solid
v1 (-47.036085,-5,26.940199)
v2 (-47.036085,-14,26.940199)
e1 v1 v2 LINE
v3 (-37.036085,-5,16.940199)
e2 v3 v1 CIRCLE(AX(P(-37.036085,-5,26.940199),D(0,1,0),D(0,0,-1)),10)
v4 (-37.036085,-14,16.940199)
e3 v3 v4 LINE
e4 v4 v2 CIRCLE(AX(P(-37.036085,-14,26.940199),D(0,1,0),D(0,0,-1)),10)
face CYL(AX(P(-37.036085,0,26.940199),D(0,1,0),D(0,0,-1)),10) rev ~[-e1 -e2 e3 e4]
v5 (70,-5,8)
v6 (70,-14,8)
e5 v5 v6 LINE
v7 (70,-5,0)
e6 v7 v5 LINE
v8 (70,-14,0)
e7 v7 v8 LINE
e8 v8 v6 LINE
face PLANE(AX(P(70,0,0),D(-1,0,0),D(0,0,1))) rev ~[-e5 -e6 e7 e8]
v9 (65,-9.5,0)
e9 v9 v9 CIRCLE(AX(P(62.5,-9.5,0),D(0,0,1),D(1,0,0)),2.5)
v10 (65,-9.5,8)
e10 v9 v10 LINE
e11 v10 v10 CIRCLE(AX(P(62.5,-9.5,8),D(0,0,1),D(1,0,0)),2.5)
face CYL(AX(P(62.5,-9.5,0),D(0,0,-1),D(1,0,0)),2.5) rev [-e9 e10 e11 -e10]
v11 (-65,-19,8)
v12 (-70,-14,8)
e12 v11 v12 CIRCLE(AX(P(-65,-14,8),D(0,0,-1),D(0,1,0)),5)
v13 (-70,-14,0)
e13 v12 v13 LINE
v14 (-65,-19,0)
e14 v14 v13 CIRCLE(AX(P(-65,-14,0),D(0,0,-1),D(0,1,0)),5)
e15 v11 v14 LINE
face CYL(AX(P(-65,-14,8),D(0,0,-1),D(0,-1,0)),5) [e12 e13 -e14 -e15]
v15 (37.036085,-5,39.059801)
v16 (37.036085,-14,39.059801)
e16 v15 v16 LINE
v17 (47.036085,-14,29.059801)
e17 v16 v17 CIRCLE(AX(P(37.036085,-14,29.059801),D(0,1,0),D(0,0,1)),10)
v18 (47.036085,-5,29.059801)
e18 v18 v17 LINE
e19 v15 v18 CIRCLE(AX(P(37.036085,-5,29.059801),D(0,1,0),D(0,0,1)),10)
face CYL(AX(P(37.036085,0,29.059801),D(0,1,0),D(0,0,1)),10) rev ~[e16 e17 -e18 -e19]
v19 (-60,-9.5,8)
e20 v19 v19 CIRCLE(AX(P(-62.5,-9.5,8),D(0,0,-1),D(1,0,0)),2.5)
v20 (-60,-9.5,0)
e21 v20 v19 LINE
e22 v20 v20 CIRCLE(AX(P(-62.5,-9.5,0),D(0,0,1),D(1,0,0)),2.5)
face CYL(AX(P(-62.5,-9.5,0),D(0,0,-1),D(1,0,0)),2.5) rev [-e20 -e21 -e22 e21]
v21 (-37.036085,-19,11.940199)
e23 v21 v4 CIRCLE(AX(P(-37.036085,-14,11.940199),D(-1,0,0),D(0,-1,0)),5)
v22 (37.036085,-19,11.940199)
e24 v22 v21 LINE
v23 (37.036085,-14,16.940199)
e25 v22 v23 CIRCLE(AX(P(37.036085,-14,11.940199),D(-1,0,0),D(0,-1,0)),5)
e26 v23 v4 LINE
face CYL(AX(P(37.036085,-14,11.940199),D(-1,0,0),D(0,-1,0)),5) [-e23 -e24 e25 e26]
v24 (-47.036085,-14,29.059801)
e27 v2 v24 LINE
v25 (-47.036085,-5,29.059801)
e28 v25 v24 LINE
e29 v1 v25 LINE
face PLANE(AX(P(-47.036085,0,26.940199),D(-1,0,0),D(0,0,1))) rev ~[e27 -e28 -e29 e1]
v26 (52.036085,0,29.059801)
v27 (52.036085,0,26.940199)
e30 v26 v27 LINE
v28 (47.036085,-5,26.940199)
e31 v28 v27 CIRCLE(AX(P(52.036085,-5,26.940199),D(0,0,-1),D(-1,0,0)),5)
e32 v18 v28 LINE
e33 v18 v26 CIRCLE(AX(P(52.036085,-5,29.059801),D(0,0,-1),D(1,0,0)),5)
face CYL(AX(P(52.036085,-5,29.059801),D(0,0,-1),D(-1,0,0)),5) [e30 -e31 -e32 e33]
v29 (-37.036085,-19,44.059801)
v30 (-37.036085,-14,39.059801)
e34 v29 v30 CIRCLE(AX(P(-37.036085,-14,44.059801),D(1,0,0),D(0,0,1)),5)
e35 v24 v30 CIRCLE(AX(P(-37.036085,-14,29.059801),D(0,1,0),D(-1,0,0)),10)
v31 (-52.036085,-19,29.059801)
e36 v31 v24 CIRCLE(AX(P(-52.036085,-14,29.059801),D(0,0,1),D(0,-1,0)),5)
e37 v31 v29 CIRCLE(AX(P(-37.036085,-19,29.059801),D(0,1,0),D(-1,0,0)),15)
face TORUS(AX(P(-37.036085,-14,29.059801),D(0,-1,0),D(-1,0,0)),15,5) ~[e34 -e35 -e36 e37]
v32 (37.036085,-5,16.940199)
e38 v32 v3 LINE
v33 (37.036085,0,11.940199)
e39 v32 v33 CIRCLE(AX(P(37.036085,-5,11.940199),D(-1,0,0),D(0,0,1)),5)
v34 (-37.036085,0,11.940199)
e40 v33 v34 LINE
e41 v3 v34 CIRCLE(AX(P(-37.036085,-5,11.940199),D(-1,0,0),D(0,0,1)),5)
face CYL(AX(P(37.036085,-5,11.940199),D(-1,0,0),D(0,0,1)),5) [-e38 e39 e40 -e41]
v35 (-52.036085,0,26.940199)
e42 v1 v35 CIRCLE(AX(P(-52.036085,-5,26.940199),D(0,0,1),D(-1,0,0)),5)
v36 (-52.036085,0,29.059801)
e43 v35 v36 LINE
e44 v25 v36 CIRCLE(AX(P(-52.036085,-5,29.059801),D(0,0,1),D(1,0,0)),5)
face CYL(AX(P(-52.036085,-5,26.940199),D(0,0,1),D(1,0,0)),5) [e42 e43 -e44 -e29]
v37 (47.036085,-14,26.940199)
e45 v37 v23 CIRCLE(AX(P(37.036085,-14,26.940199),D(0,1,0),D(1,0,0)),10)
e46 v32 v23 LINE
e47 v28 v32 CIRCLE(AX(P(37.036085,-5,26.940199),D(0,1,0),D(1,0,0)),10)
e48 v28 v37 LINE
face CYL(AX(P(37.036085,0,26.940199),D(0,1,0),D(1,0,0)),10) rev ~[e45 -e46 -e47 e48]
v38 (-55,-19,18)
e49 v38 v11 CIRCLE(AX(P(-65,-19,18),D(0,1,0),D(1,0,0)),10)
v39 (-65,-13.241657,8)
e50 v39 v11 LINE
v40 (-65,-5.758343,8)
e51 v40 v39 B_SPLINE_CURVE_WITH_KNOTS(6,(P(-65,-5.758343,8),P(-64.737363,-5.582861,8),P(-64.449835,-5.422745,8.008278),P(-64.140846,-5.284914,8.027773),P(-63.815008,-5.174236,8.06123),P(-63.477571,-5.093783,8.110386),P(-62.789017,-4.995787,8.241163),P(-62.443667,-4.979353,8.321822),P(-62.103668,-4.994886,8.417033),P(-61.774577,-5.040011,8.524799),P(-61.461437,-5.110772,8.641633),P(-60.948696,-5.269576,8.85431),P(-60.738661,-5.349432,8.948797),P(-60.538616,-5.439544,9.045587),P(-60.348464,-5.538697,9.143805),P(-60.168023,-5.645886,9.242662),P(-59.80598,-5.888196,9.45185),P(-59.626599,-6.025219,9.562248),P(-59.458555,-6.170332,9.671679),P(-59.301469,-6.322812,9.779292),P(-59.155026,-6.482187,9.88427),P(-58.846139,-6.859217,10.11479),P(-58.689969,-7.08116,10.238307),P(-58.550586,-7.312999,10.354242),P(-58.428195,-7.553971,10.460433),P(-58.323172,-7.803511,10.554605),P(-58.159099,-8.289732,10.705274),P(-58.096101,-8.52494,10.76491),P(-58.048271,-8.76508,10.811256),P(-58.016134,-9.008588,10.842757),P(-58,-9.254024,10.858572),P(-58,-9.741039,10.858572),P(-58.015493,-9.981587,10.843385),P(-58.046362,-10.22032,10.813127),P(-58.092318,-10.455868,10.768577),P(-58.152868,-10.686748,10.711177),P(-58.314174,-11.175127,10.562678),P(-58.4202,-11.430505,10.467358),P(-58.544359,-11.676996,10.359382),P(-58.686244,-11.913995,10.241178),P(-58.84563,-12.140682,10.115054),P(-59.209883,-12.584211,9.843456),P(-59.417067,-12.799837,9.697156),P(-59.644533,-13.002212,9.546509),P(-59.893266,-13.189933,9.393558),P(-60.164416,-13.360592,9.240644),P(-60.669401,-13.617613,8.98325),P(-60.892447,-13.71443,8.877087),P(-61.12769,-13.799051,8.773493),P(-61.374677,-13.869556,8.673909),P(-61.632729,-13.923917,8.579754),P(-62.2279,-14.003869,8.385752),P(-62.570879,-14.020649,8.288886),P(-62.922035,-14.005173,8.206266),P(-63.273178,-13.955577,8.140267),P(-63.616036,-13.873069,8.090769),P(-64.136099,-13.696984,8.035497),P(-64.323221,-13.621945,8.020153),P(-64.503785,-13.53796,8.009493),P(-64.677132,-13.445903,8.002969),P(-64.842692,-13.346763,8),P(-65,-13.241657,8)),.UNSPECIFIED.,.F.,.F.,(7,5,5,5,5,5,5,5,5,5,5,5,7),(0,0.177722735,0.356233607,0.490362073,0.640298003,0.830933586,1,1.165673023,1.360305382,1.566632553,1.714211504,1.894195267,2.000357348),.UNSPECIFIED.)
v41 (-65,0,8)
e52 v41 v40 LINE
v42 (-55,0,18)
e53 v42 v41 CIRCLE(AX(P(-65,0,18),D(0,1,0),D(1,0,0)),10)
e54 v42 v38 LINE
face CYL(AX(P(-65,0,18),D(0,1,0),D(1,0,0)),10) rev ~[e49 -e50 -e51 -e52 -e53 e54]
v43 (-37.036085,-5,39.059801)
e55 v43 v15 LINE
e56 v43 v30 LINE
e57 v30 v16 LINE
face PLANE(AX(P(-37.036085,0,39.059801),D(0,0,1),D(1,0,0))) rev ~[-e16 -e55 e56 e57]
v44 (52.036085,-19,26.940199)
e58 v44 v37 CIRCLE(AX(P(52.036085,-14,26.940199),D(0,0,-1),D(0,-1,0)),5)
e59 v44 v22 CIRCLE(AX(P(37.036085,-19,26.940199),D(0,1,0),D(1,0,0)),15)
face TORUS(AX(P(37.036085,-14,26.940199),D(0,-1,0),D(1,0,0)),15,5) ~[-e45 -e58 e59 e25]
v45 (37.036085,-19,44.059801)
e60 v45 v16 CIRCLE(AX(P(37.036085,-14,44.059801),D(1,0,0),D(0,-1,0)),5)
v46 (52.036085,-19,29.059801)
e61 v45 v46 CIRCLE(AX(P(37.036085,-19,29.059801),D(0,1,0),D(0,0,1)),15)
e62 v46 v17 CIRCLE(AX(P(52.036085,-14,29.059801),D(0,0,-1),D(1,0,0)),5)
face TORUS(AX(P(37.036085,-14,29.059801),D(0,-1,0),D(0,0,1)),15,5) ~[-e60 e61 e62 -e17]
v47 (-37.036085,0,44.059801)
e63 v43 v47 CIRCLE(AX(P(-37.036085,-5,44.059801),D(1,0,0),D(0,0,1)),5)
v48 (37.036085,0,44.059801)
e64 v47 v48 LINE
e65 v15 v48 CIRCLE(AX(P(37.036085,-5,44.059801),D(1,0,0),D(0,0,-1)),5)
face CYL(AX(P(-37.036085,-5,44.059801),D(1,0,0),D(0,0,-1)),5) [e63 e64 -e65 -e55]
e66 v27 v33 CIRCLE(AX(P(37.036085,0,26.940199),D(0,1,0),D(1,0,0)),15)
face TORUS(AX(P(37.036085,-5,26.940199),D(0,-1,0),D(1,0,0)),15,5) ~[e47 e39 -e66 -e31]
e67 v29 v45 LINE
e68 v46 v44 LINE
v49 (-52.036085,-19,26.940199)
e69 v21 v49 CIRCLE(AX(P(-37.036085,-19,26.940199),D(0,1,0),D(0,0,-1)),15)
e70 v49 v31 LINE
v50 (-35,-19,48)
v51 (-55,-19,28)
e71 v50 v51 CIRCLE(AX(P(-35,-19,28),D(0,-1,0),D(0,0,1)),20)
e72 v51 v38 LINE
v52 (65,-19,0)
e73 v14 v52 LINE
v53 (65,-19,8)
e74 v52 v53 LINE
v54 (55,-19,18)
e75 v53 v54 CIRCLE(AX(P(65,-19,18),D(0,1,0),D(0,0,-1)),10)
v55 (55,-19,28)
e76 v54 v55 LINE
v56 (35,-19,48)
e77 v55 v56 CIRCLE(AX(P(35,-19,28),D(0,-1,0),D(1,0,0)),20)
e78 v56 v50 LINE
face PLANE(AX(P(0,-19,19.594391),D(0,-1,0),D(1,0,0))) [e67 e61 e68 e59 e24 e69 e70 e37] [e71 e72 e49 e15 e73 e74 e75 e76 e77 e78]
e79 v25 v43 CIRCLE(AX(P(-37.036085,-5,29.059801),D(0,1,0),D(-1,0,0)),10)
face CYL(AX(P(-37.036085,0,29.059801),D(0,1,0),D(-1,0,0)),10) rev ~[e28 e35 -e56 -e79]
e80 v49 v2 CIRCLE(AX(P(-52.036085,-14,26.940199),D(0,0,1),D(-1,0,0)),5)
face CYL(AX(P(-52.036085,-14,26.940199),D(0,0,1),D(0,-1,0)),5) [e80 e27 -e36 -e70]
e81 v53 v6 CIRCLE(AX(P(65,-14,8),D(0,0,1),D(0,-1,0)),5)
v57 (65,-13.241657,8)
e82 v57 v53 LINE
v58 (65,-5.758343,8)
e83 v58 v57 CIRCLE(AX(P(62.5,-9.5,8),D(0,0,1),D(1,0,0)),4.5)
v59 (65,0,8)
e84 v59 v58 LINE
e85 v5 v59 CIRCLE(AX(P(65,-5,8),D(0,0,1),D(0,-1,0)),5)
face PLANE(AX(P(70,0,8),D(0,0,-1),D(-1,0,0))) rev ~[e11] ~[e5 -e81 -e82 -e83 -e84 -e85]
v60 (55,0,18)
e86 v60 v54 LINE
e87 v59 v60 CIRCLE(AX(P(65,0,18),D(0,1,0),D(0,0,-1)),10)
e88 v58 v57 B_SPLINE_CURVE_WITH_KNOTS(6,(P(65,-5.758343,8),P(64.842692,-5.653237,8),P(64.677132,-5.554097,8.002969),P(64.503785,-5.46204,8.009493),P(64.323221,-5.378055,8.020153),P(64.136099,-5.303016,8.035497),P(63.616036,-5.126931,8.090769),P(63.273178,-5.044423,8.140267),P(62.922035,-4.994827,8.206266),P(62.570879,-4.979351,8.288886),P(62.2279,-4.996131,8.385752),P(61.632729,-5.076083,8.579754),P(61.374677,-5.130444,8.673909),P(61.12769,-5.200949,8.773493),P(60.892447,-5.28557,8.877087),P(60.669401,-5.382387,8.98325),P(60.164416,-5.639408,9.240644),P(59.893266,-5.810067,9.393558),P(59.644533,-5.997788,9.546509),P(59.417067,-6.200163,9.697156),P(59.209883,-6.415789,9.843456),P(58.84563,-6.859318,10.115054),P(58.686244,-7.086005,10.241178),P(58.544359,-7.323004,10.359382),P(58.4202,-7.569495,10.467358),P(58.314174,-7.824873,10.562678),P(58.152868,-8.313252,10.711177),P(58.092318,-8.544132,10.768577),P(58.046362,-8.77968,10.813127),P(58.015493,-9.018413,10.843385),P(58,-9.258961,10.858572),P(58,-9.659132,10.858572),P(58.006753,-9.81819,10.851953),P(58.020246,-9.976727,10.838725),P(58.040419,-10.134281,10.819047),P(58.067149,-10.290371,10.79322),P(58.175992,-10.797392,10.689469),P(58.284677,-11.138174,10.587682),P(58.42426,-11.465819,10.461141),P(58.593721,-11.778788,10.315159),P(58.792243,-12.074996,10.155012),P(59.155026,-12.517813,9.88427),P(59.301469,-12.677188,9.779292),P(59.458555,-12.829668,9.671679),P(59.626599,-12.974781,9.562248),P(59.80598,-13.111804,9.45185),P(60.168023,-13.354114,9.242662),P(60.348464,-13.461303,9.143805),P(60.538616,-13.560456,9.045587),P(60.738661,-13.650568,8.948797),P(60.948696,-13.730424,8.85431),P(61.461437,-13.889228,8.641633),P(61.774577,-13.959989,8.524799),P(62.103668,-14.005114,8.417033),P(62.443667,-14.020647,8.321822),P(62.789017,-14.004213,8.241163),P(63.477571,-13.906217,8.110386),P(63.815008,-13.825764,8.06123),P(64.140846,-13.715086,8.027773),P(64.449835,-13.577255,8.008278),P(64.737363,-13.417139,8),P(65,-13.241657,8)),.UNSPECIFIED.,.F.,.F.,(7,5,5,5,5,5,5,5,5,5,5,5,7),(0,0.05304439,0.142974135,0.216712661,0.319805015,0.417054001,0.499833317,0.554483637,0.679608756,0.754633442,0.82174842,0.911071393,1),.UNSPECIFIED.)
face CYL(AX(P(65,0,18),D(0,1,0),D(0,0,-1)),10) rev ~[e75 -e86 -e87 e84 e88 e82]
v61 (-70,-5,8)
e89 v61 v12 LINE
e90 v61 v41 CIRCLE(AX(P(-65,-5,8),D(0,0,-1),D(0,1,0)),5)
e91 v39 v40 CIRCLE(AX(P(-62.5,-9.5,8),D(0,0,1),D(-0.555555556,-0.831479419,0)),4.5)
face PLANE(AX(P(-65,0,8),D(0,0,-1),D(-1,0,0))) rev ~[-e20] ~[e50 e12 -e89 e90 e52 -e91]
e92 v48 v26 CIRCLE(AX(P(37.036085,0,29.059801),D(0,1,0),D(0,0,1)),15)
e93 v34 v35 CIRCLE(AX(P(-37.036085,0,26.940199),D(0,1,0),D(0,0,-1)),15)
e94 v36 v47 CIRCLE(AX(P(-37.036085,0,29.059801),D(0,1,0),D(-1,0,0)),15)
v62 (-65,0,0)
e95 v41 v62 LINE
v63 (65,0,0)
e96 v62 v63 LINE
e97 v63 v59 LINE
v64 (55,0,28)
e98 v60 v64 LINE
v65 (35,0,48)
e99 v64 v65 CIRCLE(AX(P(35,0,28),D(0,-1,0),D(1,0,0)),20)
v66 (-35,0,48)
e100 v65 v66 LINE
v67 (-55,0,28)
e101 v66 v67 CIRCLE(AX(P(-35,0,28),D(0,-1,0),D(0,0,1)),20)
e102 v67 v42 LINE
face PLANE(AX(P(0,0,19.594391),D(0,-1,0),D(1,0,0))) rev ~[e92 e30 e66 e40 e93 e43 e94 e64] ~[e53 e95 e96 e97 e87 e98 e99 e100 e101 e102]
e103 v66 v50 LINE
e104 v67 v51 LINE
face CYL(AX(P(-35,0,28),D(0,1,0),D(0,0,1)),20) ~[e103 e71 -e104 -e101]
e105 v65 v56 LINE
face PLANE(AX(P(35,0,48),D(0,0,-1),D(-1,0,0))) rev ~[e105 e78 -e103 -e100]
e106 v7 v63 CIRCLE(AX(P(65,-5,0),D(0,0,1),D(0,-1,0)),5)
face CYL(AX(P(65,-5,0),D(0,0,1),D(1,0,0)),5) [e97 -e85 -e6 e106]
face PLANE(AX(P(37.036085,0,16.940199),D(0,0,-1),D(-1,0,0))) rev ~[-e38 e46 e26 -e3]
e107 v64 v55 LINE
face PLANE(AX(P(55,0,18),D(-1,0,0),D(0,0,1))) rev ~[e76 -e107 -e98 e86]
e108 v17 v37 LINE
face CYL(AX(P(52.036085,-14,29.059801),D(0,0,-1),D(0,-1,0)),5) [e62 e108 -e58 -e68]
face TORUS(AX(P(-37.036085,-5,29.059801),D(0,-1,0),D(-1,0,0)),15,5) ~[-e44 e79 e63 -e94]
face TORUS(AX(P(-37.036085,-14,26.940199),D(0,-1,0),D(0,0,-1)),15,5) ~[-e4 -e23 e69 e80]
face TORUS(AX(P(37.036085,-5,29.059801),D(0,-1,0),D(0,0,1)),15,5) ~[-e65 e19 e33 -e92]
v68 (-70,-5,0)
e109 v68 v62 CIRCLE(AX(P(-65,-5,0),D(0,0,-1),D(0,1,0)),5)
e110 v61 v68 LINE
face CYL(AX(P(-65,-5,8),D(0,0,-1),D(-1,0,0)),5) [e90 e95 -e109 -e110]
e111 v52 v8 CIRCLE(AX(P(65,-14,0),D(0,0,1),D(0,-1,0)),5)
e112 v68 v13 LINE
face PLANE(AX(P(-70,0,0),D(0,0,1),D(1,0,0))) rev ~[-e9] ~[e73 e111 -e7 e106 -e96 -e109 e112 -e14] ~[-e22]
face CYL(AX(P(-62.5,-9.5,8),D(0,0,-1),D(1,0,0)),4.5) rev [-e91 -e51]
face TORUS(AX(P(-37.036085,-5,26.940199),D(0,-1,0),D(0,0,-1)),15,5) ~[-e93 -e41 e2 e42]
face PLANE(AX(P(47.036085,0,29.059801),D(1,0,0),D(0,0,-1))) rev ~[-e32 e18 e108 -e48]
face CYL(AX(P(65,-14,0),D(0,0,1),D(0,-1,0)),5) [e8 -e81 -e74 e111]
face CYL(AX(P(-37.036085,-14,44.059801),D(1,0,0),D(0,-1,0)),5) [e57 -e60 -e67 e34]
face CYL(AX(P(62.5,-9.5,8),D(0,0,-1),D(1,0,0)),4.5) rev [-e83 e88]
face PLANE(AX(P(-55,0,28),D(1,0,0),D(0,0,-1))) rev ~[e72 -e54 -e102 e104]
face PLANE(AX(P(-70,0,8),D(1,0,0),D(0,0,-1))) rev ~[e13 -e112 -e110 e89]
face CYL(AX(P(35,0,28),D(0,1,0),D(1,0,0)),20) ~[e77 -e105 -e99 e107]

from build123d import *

# Parameters (mm, degrees)
F1_DEPTH = 19
F2_R     = 2.5
F3_DEPTH = 48.001
F4_START = 8
F2_R_2   = 4.5
F4_DEPTH = 40.001
F5_R     = 5
F6_R     = 5


with BuildPart() as f1:
    # F0 (on Front) → F1 (new body)
    with BuildSketch(Plane.XZ):
        with BuildLine():
            Line((-70, 8), (-70, 0))
            Line((-70, 0), (70, 0))
            Line((70, 0), (70, 8))
            Line((70, 8), (65, 8))
            ThreePointArc((65, 8), (57.9289321881, 10.9289321881), (55, 18))
            Line((55, 18), (55, 28))
            ThreePointArc((55, 28), (49.1421356237, 42.1421356237), (35, 48))
            Line((35, 48), (-35, 48))
            ThreePointArc((-35, 48), (-49.1421356237, 42.1421356237), (-55, 28))
            Line((-55, 28), (-55, 18))
            ThreePointArc((-55, 18), (-57.9289321881, 10.9289321881), (-65, 8))
            Line((-65, 8), (-70, 8))
        make_face()
        with BuildLine():
            ThreePointArc((47.0360852778, 26.9401988387), (44.1071530897, 19.8691310268), (37.0360852778, 16.9401988387))
            Line((37.0360852778, 16.9401988387), (-37.0360852778, 16.9401988387))
            ThreePointArc((-37.0360852778, 16.9401988387), (-44.1071530897, 19.8691310268), (-47.0360852778, 26.9401988387))
            Line((-47.0360852778, 26.9401988387), (-47.0360852778, 29.0598011613))
            ThreePointArc((-47.0360852778, 29.0598011613), (-44.1071530897, 36.1308689732), (-37.0360852778, 39.0598011613))
            Line((-37.0360852778, 39.0598011613), (37.0360852778, 39.0598011613))
            ThreePointArc((37.0360852778, 39.0598011613), (44.1071530897, 36.1308689732), (47.0360852778, 29.0598011613))
            Line((47.0360852778, 29.0598011613), (47.0360852778, 26.9401988387))
        make_face(mode=Mode.SUBTRACT)
    extrude(amount=F1_DEPTH)

    # F2 (on Top) → F3 (cut, through all)
    with BuildSketch(Plane.XY):
        with Locations((-62.5, -9.5)):
            Circle(F2_R)
        with Locations((62.5, -9.5)):
            Circle(F2_R)
    extrude(amount=F3_DEPTH, mode=Mode.SUBTRACT)

    # F2 (on Top) → F4 (cut)
    with BuildSketch(Plane.XY.offset(F4_START)):
        with Locations((-62.5, -9.5)):
            Circle(F2_R_2)
        with Locations((-62.5, -9.5)):
            Circle(F2_R, mode=Mode.SUBTRACT)
        with Locations((62.5, -9.5)):
            Circle(F2_R_2)
        with Locations((62.5, -9.5)):
            Circle(F2_R, mode=Mode.SUBTRACT)
    extrude(amount=F4_DEPTH, mode=Mode.SUBTRACT)

    # F5
    f5_edges = [f1.edges().sort_by_distance(p)[0] for p in [
        (0, -19, 16.940199),
        (0, 0, 16.940199),
    ]]
    fillet(f5_edges, radius=F5_R)

    # F6
    f6_edges = [f1.edges().sort_by_distance(p)[0] for p in [
        (70, -19, 4),
        (70, 0, 4),
        (-70, -19, 4),
        (-70, 0, 4),
    ]]
    fillet(f6_edges, radius=F6_R)


solid = f1.part
